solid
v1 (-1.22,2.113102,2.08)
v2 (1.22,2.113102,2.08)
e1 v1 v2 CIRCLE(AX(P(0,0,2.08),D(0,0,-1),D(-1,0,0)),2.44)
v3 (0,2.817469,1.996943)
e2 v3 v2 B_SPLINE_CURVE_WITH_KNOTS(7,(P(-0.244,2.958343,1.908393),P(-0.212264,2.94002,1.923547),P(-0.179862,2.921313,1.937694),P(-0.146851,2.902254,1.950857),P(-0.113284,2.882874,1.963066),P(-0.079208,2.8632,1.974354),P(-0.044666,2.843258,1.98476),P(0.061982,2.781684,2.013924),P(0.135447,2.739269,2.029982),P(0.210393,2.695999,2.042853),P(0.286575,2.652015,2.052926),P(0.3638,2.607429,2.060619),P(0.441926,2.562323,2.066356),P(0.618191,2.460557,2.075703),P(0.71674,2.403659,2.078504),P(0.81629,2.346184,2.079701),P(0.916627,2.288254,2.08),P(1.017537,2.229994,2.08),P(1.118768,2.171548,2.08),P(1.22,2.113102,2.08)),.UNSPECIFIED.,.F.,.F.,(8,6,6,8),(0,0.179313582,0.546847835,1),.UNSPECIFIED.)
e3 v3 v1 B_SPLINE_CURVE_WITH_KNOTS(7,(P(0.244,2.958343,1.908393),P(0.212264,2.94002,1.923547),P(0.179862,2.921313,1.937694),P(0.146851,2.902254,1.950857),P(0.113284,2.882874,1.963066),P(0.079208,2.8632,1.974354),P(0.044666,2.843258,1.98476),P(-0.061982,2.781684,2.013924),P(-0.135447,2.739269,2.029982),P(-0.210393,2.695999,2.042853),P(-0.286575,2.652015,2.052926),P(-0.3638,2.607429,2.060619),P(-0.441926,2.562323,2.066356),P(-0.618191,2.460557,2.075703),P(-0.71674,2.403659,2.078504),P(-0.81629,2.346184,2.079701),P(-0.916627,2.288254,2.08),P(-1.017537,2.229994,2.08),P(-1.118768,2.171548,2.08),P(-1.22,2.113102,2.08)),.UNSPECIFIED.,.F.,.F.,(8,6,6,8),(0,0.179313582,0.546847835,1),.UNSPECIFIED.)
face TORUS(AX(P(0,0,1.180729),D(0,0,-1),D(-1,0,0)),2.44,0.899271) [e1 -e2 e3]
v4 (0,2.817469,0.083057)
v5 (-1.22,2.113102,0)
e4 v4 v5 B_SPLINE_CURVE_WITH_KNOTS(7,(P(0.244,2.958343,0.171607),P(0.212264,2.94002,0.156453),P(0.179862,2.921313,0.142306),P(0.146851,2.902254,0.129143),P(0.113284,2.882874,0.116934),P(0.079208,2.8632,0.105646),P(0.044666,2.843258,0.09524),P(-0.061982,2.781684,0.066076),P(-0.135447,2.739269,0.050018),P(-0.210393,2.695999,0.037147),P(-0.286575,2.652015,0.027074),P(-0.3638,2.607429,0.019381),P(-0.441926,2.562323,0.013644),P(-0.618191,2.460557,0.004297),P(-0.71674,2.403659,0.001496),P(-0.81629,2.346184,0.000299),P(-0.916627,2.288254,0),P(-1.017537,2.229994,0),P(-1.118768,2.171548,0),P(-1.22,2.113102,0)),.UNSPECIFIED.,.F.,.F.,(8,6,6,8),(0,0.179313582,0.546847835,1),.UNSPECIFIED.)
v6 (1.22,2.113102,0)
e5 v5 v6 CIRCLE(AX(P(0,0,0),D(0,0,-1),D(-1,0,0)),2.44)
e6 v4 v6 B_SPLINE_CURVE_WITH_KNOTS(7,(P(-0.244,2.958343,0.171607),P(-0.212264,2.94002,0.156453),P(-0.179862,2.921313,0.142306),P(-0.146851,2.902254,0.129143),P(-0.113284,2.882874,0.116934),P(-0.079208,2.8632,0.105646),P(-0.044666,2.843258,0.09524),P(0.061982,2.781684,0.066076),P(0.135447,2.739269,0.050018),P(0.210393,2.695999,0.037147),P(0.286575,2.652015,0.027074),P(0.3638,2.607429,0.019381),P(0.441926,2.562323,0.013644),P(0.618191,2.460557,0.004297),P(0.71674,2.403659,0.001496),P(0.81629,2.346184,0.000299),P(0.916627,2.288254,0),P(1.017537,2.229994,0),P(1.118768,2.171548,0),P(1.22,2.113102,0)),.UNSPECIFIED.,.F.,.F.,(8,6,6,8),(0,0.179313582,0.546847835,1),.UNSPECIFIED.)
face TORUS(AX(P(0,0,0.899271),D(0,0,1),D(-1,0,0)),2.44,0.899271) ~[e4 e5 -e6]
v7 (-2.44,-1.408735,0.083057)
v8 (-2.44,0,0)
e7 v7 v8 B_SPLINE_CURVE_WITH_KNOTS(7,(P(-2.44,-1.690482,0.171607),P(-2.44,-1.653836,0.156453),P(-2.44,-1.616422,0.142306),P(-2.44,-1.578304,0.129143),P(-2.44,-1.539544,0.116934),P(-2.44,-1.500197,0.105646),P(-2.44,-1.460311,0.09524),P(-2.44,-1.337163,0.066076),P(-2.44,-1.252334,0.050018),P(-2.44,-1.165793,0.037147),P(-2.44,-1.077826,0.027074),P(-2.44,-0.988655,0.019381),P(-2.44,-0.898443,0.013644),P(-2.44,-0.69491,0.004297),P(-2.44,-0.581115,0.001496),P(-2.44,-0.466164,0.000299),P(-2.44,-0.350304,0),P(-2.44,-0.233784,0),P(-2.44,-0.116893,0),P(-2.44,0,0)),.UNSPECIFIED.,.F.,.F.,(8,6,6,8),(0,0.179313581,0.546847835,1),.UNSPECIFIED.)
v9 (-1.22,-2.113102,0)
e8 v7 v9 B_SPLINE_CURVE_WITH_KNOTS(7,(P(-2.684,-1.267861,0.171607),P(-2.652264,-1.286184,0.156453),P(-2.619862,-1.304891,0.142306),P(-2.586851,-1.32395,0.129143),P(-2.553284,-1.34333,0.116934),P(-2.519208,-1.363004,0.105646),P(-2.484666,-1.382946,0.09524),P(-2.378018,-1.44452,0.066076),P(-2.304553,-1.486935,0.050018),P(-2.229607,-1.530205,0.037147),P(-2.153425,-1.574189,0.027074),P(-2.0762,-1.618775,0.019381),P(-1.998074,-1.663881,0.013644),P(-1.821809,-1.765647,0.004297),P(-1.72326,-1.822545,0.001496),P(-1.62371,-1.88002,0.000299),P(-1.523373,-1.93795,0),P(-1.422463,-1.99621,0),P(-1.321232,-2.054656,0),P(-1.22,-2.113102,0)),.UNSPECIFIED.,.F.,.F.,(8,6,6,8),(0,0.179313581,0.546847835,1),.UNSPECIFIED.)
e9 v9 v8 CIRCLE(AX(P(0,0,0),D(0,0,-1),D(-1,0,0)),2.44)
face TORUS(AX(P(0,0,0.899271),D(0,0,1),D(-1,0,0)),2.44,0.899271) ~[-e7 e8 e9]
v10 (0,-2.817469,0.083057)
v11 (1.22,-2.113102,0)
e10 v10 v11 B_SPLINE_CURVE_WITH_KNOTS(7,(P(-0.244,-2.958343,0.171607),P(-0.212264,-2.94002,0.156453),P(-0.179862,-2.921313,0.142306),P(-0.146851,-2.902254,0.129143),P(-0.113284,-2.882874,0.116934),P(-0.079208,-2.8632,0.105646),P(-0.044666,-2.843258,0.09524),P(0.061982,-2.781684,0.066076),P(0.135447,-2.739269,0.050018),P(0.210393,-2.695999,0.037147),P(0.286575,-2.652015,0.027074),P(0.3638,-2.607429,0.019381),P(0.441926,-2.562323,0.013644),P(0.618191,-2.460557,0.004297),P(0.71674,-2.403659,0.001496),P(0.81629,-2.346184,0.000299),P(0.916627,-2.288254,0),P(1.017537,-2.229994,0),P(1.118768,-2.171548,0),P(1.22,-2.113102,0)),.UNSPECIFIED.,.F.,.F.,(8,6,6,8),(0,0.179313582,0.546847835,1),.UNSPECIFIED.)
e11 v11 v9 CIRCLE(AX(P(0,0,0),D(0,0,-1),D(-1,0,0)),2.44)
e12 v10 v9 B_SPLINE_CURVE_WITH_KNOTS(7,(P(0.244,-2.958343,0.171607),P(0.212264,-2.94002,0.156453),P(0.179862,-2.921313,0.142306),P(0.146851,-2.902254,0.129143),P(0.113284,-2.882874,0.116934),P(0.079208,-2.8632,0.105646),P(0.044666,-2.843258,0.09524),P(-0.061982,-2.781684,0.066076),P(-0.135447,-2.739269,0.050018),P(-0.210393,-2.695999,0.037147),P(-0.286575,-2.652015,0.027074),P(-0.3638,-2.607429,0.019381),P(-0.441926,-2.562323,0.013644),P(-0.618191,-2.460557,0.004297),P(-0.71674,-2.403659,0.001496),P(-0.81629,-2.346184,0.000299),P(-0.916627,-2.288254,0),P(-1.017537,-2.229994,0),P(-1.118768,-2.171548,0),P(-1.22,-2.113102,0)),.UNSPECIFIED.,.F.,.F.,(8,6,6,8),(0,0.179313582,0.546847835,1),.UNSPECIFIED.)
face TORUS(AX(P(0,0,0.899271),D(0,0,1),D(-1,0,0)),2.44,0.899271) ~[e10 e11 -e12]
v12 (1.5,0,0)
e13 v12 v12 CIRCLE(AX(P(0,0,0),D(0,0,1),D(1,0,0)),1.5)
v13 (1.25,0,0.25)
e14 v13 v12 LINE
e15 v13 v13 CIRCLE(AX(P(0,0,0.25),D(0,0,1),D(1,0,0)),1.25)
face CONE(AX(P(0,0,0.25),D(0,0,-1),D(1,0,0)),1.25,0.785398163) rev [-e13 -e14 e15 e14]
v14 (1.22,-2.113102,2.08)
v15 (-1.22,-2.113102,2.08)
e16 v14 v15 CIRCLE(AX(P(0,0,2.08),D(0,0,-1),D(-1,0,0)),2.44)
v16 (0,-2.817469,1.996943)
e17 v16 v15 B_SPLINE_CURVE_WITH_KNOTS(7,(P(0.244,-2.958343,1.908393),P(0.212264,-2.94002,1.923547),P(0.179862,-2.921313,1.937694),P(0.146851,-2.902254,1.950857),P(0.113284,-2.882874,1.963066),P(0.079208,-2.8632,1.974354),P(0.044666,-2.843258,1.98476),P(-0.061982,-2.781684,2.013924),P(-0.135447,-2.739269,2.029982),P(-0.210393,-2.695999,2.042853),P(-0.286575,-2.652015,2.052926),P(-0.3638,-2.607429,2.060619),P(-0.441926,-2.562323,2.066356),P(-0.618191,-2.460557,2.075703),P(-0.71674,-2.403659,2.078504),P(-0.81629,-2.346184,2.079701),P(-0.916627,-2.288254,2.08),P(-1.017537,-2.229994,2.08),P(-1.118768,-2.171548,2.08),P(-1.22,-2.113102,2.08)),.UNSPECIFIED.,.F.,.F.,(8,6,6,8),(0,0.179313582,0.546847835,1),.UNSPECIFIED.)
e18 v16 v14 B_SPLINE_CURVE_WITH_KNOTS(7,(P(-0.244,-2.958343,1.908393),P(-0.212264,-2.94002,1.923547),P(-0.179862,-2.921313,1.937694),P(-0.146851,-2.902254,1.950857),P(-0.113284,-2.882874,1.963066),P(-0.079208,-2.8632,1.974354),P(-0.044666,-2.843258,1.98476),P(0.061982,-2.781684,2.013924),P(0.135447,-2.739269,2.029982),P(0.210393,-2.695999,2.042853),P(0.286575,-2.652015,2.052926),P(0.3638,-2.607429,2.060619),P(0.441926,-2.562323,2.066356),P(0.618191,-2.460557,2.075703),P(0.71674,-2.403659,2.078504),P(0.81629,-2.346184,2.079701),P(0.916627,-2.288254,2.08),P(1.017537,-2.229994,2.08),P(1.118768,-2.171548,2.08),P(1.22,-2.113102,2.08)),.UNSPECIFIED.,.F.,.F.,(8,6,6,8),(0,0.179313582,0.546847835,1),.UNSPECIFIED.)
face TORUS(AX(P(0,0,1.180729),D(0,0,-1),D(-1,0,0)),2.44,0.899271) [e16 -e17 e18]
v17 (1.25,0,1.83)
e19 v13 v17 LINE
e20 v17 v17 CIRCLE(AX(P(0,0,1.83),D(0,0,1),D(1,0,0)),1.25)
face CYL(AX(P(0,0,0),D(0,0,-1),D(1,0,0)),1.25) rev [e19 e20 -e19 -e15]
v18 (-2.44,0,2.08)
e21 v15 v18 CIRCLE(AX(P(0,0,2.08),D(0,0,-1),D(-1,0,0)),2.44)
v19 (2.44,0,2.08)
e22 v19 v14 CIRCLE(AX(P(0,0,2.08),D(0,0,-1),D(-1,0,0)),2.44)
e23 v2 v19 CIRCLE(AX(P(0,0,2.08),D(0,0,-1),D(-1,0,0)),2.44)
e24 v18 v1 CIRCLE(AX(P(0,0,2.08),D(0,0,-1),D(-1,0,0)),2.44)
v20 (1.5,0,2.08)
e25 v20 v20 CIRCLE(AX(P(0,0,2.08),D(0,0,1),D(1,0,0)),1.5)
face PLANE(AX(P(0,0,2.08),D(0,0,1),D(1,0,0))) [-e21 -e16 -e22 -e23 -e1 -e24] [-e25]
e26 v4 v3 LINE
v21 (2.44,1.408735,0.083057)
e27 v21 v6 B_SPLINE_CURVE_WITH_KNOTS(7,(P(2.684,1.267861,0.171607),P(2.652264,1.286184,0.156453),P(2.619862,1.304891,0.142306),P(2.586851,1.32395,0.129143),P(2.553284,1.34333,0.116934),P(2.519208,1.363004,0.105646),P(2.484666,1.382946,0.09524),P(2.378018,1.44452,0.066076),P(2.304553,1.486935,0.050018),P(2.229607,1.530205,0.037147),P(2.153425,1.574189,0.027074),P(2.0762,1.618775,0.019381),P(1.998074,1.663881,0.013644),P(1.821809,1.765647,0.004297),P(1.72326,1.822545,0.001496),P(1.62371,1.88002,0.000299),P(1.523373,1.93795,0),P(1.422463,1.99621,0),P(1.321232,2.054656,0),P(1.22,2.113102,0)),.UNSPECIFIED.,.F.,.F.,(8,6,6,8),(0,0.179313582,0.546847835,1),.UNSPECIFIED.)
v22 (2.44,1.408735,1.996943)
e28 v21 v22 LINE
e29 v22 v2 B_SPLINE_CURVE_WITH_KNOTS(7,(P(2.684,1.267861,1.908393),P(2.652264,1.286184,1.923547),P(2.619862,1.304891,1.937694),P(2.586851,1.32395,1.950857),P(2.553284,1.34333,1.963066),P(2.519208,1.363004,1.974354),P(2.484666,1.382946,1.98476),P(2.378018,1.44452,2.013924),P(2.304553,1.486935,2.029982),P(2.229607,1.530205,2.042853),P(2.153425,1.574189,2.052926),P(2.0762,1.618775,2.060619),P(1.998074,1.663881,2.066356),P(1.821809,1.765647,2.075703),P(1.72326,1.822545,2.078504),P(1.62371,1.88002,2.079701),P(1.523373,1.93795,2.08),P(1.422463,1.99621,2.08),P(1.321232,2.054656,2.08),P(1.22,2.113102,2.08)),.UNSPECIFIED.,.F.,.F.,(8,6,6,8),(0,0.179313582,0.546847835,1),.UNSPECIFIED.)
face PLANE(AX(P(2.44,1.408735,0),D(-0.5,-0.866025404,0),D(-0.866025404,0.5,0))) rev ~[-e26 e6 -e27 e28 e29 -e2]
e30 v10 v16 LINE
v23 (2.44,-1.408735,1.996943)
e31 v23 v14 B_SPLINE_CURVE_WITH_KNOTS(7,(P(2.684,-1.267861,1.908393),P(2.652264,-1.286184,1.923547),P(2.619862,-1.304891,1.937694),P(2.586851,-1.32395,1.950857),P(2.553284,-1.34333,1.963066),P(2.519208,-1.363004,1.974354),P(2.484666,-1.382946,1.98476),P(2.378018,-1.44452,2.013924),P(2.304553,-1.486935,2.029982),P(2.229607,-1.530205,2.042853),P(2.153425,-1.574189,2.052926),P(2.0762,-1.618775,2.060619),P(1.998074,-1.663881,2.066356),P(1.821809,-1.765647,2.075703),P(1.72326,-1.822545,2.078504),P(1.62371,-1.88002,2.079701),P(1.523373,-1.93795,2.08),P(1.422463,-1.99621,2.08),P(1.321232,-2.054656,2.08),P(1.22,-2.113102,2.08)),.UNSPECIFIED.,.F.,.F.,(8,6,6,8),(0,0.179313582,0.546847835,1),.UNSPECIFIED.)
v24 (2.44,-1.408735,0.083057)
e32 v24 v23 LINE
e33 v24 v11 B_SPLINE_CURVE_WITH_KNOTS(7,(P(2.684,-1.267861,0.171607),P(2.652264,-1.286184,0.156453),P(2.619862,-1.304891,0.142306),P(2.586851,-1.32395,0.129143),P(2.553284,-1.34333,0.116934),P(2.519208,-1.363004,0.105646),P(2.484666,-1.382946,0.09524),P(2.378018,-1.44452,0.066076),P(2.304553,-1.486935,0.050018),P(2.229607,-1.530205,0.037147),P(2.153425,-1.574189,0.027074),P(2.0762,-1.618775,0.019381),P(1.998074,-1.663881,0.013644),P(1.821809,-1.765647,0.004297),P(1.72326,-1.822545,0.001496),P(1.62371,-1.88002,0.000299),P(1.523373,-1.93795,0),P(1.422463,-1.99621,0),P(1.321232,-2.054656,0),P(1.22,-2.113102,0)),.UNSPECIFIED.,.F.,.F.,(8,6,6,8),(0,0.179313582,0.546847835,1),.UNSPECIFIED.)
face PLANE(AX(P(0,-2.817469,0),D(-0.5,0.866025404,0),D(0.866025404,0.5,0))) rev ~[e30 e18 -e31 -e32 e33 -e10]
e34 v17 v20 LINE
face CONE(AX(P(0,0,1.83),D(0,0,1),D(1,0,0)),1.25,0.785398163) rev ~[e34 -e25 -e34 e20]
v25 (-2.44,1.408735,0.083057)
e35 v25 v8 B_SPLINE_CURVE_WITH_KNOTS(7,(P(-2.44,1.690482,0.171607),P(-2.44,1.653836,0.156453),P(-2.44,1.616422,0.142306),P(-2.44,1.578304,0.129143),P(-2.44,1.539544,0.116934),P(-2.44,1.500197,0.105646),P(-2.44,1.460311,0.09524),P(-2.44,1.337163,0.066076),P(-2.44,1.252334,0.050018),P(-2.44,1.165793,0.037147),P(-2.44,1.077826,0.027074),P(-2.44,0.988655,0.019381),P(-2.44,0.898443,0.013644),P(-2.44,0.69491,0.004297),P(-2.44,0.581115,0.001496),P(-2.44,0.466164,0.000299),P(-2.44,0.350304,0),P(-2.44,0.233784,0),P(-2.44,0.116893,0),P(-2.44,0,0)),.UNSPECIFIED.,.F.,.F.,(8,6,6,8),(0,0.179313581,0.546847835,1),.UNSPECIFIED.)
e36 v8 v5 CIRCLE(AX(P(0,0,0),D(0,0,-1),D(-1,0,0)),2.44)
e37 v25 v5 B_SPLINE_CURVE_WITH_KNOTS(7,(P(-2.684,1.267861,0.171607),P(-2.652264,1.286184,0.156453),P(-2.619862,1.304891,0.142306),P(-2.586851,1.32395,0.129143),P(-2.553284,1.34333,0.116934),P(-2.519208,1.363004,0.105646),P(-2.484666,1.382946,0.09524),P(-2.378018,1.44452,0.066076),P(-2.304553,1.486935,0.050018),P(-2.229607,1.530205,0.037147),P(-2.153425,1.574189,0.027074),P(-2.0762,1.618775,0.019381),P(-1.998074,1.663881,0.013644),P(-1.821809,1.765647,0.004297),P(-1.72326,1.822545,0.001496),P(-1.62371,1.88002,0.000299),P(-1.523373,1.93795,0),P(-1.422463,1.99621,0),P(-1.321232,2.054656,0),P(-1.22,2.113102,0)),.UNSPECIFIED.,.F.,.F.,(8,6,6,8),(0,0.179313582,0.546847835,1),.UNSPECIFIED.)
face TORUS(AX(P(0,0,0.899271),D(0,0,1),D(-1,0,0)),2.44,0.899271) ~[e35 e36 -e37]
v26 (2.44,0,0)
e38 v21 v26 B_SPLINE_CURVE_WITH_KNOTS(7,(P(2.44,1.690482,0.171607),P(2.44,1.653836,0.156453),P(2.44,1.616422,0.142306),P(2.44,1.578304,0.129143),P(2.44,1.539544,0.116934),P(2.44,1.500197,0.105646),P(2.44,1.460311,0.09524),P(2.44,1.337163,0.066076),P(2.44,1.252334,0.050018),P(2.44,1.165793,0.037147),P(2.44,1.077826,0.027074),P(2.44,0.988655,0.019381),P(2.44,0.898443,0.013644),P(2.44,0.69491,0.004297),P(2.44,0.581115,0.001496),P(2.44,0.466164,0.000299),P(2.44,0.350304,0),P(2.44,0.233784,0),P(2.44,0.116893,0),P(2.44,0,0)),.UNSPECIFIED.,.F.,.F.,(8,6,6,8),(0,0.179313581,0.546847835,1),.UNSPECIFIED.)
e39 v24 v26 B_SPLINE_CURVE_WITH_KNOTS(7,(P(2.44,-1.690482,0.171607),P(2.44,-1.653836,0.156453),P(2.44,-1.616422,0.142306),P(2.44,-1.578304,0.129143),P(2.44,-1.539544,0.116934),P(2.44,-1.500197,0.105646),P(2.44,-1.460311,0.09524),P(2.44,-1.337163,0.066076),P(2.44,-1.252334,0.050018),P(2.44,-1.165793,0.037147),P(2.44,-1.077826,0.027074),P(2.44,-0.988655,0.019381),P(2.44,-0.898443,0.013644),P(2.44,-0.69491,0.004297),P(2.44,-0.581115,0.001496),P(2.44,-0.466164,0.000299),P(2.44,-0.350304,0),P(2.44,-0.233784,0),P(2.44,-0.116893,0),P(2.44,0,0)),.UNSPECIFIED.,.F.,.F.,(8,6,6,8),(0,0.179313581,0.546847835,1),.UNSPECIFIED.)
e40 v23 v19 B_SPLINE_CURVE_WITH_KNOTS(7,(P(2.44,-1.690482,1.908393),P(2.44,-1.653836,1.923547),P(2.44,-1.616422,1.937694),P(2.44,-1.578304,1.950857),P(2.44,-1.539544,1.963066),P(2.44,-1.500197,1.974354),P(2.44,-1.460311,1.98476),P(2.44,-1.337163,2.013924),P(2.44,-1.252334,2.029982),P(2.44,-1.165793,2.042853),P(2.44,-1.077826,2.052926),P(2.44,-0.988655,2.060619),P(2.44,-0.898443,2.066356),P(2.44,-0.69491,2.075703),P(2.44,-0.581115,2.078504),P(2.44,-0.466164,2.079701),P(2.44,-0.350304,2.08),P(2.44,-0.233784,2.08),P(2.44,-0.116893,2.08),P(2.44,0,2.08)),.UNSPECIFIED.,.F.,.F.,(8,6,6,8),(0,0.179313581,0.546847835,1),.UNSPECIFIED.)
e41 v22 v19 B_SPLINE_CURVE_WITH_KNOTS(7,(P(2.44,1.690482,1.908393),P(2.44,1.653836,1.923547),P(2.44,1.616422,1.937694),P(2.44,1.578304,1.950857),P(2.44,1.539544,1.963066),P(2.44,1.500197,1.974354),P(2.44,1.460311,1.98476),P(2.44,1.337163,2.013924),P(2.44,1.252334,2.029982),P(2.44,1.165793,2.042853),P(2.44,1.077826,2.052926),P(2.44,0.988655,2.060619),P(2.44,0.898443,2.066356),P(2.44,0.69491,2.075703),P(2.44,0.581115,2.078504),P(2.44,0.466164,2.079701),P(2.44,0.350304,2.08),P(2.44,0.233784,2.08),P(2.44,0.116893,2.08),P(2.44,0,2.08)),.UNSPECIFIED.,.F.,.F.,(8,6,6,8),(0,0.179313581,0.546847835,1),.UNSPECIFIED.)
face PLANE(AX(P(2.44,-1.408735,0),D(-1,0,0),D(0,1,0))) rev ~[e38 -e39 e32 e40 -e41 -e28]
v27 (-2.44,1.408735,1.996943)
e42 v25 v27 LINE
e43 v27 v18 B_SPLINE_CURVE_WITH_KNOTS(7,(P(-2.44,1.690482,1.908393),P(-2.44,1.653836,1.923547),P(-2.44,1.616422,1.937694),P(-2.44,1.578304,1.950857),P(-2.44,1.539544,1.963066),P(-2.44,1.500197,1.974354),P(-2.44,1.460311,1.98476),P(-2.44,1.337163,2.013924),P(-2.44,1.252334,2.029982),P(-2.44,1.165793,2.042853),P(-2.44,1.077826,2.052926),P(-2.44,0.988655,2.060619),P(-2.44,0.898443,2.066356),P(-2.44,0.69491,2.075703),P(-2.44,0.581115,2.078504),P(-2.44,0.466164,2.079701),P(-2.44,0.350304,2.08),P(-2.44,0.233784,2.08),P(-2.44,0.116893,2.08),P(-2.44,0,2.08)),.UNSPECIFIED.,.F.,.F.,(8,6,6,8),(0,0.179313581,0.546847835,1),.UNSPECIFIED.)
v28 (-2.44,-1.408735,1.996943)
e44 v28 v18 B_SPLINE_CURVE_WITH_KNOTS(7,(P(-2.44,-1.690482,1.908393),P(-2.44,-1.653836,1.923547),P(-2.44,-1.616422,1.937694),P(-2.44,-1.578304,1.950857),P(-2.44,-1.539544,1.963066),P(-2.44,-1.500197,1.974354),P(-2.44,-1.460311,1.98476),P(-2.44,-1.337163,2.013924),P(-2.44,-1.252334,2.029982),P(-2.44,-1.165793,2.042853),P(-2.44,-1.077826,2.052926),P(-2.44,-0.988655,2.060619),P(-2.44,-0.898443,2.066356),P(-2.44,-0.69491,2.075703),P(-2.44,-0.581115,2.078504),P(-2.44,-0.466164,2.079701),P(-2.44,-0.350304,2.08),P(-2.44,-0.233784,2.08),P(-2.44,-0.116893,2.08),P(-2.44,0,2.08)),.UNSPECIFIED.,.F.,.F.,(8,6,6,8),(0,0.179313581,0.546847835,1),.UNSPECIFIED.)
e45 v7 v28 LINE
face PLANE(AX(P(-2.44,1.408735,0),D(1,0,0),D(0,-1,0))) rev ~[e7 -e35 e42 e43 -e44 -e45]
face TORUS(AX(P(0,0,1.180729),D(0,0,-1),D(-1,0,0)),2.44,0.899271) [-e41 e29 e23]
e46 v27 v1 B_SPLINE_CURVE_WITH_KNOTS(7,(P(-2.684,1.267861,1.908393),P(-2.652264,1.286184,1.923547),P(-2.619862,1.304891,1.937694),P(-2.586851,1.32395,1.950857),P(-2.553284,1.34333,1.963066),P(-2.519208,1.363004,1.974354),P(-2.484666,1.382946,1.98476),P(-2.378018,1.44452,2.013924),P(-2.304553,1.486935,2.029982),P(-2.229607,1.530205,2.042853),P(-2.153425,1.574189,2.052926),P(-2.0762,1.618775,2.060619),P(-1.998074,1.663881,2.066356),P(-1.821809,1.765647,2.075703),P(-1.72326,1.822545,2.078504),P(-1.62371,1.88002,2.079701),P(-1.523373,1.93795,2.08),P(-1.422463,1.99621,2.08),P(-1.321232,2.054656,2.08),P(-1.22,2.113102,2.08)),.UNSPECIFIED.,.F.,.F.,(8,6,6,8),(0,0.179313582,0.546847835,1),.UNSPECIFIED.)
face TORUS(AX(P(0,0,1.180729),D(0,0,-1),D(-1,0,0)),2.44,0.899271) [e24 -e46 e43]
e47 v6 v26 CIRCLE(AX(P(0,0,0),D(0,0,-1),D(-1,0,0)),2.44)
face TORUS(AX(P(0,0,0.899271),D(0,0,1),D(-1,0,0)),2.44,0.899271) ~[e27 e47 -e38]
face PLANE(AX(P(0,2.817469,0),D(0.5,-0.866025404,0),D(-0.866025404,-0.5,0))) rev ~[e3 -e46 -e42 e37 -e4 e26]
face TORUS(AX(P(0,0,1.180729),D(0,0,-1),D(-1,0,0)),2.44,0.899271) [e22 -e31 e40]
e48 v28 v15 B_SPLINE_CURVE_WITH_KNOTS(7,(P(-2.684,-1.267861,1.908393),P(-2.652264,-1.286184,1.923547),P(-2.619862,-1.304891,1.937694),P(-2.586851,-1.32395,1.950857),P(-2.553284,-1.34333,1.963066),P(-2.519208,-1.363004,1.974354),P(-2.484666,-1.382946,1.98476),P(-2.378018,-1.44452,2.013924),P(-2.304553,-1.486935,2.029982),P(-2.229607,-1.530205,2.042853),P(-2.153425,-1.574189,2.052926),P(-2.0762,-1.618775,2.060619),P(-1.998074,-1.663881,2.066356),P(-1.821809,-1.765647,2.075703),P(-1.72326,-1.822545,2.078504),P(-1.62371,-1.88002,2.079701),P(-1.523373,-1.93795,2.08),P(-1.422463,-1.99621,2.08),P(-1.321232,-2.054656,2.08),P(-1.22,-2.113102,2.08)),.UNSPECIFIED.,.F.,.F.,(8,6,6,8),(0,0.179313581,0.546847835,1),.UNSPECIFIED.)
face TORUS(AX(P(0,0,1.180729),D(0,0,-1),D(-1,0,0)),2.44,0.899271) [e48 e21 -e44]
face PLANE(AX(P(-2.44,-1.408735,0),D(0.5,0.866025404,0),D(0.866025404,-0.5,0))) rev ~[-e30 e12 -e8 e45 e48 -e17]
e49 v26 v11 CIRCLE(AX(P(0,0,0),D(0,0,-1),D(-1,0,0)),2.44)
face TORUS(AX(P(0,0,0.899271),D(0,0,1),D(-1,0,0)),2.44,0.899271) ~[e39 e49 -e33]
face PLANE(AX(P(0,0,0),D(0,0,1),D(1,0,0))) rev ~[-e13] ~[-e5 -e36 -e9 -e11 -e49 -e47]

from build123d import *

# Parameters (mm, degrees)
SKETCH1_R           = 1.25
BOSS_EXTRUDE1_DEPTH = 2.08
CHAMFER1_SIZE       = 0.25


with BuildPart() as part:
    # Sketch1 → Boss-Extrude1 (new body)
    with BuildSketch(Plane.XY):
        Polygon((2.44, 1.408734657), (0, 2.817469314), (-2.44, 1.408734657), (-2.44, -1.408734657), (0, -2.817469314), (2.44, -1.408734657), align=None)
        Circle(SKETCH1_R, mode=Mode.SUBTRACT)
    extrude(amount=BOSS_EXTRUDE1_DEPTH)

    # Chamfer1
    chamfer1_edges = [part.edges().sort_by_distance(p)[0] for p in [
        (-1.25, 0, 0),
        (-1.25, 0, 2.08),
    ]]
    chamfer(chamfer1_edges, length=CHAMFER1_SIZE)

    # Sketch2 → Cut-Revolve1 (revolve, cut)
    with BuildSketch(Plane(origin=(0, 0, 0), x_dir=(1, 0, 0), z_dir=(0, 1, 0))):
        with BuildLine():
            Line((-3.307835601, -0.663581472), (-4.500819954, -0.663581472))
            Line((-4.500819954, -0.663581472), (-4.500819954, 0.361239255))
            Line((-4.500819954, 0.361239255), (-2.44, 0.361239255))
            Line((-2.44, 0.361239255), (-2.44, 0))
            ThreePointArc((-2.44, 0), (-2.986232322, -0.184905169), (-3.307835601, -0.663581472))
        make_face()
        with BuildLine():
            Line((-2.44, -2.441239255), (-2.44, -2.08))
            ThreePointArc((-2.44, -2.08), (-2.986232322, -1.895094831), (-3.307835601, -1.416418528))
            Line((-3.307835601, -1.416418528), (-4.500819954, -1.416418528))
            Line((-4.500819954, -1.416418528), (-4.500819954, -2.441239255))
            Line((-4.500819954, -2.441239255), (-2.44, -2.441239255))
        make_face()
    revolve(axis=Axis((0, 0, 1.04), (0, 0, -1)), mode=Mode.SUBTRACT)


solid = part.part
